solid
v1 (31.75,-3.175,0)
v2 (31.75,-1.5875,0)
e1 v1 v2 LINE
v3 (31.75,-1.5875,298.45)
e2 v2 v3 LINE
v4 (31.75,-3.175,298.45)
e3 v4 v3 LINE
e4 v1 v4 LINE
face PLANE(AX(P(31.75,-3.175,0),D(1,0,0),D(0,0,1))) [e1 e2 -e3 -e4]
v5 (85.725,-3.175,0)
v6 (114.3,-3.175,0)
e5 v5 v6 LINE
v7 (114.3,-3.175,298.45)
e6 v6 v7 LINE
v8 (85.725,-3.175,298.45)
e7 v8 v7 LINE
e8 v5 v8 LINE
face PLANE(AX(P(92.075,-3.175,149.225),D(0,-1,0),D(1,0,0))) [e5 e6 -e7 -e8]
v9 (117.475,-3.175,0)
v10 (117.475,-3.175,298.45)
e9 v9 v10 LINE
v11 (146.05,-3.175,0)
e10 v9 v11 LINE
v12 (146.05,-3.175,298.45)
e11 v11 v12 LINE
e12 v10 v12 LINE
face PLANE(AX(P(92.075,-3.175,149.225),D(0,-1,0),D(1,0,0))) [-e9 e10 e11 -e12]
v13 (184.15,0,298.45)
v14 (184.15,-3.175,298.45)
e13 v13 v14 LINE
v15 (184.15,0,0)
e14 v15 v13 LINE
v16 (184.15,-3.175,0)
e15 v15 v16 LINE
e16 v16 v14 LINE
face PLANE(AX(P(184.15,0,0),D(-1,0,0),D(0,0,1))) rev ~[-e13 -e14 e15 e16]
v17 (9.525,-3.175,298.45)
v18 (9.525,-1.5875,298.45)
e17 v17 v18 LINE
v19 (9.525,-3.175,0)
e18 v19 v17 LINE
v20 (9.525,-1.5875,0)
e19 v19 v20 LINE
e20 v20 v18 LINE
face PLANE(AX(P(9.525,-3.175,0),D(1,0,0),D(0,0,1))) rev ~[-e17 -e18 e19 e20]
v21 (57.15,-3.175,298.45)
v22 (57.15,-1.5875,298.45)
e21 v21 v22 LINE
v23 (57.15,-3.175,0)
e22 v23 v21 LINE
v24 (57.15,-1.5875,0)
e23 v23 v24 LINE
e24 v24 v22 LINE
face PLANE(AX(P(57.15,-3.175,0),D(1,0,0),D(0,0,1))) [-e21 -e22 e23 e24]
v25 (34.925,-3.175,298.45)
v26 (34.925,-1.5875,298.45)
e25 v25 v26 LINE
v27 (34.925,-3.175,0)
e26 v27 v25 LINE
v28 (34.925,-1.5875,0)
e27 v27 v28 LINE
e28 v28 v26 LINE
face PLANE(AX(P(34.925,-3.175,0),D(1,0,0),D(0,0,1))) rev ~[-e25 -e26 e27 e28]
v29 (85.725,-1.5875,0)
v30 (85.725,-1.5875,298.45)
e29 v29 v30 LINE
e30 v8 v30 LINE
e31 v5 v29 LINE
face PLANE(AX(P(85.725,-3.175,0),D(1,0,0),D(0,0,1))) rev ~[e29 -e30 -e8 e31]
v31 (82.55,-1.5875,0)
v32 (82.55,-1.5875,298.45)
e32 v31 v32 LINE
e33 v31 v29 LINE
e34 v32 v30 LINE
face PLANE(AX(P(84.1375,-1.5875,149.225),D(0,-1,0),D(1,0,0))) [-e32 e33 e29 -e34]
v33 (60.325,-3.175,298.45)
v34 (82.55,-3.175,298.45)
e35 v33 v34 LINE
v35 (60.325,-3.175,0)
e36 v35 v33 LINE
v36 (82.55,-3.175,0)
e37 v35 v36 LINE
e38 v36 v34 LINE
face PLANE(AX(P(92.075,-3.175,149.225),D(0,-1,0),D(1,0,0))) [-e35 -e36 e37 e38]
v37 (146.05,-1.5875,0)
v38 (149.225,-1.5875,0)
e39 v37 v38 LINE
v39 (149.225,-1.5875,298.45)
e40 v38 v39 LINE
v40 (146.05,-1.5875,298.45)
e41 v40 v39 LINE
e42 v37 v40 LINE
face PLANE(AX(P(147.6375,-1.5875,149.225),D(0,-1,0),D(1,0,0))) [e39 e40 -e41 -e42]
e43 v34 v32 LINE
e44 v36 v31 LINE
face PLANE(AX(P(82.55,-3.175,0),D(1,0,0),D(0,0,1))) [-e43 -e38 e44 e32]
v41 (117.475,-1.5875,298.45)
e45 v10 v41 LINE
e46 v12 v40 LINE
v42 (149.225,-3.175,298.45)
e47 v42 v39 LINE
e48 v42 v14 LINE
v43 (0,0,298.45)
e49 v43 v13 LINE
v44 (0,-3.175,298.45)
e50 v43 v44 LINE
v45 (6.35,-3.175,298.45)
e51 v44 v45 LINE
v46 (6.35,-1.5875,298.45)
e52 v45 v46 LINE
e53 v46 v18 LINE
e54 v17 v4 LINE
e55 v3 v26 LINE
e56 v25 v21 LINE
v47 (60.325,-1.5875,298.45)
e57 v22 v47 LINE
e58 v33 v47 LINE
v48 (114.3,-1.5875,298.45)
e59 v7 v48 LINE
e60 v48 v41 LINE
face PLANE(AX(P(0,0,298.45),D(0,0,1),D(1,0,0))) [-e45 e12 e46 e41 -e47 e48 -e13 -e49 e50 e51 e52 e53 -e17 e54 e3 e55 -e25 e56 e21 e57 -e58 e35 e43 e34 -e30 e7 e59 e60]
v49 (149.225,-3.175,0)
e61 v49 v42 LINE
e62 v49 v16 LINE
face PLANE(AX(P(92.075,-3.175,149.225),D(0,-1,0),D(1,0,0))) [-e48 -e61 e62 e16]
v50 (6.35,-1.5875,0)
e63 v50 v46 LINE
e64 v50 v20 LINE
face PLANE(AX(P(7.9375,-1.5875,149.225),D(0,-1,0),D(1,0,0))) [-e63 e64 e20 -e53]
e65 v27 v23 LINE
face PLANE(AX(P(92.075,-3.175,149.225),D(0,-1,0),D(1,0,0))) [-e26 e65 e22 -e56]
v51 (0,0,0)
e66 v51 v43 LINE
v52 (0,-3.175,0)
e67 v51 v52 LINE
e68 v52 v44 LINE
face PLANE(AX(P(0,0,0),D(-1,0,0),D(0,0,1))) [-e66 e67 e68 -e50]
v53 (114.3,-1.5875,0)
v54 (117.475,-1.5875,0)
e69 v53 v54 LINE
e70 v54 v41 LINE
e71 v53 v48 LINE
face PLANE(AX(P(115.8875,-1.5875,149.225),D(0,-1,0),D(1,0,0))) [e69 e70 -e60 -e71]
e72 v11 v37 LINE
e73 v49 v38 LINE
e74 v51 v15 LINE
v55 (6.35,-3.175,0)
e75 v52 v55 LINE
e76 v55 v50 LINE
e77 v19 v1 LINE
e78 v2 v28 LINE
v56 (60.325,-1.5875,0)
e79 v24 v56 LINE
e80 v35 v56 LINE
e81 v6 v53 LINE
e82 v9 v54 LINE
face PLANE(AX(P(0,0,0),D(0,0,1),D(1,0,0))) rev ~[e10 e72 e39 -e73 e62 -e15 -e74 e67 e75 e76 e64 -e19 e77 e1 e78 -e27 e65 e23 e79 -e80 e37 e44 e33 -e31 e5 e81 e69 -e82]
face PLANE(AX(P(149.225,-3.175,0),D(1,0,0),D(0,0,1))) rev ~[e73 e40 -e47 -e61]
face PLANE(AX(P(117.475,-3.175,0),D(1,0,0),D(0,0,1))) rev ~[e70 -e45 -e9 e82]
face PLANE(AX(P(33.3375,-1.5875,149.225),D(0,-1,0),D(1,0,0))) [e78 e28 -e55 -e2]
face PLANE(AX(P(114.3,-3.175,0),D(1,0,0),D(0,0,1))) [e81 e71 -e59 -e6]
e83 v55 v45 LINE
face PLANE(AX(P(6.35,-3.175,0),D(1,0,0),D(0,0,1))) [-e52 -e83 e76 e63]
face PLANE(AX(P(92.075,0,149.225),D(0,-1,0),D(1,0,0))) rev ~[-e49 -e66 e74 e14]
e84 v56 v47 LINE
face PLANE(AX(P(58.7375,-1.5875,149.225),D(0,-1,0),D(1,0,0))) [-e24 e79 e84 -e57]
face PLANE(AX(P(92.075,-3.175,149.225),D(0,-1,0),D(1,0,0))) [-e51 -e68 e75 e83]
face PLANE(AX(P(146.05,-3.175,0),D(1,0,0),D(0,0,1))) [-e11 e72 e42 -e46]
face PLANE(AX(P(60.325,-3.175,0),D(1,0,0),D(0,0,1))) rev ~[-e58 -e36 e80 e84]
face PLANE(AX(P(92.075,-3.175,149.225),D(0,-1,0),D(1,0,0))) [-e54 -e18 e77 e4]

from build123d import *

# Parameters (mm, degrees)
F0_W     = 184.15
F0_H     = 298.45
F1_DEPTH = 3.175
F2_W     = 3.175
F2_H     = 298.45
F3_DEPTH = 1.5875
F4_ANGLE = 90


with BuildPart() as f1:
    # F0 (on Top) → F1 (new body)
    with BuildSketch(Plane.XY):
        with Locations((92.075, 149.225)):
            Rectangle(F0_W, F0_H)
    extrude(amount=F1_DEPTH)

    # F2 (on face) → F3 (cut)
    with BuildSketch(Plane.XY.offset(3.175)):
        with Locations((7.9375, 149.225)):
            Rectangle(F2_W, F2_H)
        with Locations((33.3375, 149.225)):
            Rectangle(F2_W, F2_H)
        with Locations((58.7375, 149.225)):
            Rectangle(F2_W, F2_H)
        with Locations((84.1375, 149.225)):
            Rectangle(F2_W, F2_H)
        with Locations((115.8875, 149.225)):
            Rectangle(F2_W, F2_H)
        with Locations((147.6375, 149.225)):
            Rectangle(F2_W, F2_H)
    extrude(amount=-F3_DEPTH, mode=Mode.SUBTRACT)


with BuildPart() as f1_1:
    # F4: moved
    add(f1.part.rotate(Axis((92.075, 0, 0), (1, 0, 0)), F4_ANGLE))


solid = f1_1.part
